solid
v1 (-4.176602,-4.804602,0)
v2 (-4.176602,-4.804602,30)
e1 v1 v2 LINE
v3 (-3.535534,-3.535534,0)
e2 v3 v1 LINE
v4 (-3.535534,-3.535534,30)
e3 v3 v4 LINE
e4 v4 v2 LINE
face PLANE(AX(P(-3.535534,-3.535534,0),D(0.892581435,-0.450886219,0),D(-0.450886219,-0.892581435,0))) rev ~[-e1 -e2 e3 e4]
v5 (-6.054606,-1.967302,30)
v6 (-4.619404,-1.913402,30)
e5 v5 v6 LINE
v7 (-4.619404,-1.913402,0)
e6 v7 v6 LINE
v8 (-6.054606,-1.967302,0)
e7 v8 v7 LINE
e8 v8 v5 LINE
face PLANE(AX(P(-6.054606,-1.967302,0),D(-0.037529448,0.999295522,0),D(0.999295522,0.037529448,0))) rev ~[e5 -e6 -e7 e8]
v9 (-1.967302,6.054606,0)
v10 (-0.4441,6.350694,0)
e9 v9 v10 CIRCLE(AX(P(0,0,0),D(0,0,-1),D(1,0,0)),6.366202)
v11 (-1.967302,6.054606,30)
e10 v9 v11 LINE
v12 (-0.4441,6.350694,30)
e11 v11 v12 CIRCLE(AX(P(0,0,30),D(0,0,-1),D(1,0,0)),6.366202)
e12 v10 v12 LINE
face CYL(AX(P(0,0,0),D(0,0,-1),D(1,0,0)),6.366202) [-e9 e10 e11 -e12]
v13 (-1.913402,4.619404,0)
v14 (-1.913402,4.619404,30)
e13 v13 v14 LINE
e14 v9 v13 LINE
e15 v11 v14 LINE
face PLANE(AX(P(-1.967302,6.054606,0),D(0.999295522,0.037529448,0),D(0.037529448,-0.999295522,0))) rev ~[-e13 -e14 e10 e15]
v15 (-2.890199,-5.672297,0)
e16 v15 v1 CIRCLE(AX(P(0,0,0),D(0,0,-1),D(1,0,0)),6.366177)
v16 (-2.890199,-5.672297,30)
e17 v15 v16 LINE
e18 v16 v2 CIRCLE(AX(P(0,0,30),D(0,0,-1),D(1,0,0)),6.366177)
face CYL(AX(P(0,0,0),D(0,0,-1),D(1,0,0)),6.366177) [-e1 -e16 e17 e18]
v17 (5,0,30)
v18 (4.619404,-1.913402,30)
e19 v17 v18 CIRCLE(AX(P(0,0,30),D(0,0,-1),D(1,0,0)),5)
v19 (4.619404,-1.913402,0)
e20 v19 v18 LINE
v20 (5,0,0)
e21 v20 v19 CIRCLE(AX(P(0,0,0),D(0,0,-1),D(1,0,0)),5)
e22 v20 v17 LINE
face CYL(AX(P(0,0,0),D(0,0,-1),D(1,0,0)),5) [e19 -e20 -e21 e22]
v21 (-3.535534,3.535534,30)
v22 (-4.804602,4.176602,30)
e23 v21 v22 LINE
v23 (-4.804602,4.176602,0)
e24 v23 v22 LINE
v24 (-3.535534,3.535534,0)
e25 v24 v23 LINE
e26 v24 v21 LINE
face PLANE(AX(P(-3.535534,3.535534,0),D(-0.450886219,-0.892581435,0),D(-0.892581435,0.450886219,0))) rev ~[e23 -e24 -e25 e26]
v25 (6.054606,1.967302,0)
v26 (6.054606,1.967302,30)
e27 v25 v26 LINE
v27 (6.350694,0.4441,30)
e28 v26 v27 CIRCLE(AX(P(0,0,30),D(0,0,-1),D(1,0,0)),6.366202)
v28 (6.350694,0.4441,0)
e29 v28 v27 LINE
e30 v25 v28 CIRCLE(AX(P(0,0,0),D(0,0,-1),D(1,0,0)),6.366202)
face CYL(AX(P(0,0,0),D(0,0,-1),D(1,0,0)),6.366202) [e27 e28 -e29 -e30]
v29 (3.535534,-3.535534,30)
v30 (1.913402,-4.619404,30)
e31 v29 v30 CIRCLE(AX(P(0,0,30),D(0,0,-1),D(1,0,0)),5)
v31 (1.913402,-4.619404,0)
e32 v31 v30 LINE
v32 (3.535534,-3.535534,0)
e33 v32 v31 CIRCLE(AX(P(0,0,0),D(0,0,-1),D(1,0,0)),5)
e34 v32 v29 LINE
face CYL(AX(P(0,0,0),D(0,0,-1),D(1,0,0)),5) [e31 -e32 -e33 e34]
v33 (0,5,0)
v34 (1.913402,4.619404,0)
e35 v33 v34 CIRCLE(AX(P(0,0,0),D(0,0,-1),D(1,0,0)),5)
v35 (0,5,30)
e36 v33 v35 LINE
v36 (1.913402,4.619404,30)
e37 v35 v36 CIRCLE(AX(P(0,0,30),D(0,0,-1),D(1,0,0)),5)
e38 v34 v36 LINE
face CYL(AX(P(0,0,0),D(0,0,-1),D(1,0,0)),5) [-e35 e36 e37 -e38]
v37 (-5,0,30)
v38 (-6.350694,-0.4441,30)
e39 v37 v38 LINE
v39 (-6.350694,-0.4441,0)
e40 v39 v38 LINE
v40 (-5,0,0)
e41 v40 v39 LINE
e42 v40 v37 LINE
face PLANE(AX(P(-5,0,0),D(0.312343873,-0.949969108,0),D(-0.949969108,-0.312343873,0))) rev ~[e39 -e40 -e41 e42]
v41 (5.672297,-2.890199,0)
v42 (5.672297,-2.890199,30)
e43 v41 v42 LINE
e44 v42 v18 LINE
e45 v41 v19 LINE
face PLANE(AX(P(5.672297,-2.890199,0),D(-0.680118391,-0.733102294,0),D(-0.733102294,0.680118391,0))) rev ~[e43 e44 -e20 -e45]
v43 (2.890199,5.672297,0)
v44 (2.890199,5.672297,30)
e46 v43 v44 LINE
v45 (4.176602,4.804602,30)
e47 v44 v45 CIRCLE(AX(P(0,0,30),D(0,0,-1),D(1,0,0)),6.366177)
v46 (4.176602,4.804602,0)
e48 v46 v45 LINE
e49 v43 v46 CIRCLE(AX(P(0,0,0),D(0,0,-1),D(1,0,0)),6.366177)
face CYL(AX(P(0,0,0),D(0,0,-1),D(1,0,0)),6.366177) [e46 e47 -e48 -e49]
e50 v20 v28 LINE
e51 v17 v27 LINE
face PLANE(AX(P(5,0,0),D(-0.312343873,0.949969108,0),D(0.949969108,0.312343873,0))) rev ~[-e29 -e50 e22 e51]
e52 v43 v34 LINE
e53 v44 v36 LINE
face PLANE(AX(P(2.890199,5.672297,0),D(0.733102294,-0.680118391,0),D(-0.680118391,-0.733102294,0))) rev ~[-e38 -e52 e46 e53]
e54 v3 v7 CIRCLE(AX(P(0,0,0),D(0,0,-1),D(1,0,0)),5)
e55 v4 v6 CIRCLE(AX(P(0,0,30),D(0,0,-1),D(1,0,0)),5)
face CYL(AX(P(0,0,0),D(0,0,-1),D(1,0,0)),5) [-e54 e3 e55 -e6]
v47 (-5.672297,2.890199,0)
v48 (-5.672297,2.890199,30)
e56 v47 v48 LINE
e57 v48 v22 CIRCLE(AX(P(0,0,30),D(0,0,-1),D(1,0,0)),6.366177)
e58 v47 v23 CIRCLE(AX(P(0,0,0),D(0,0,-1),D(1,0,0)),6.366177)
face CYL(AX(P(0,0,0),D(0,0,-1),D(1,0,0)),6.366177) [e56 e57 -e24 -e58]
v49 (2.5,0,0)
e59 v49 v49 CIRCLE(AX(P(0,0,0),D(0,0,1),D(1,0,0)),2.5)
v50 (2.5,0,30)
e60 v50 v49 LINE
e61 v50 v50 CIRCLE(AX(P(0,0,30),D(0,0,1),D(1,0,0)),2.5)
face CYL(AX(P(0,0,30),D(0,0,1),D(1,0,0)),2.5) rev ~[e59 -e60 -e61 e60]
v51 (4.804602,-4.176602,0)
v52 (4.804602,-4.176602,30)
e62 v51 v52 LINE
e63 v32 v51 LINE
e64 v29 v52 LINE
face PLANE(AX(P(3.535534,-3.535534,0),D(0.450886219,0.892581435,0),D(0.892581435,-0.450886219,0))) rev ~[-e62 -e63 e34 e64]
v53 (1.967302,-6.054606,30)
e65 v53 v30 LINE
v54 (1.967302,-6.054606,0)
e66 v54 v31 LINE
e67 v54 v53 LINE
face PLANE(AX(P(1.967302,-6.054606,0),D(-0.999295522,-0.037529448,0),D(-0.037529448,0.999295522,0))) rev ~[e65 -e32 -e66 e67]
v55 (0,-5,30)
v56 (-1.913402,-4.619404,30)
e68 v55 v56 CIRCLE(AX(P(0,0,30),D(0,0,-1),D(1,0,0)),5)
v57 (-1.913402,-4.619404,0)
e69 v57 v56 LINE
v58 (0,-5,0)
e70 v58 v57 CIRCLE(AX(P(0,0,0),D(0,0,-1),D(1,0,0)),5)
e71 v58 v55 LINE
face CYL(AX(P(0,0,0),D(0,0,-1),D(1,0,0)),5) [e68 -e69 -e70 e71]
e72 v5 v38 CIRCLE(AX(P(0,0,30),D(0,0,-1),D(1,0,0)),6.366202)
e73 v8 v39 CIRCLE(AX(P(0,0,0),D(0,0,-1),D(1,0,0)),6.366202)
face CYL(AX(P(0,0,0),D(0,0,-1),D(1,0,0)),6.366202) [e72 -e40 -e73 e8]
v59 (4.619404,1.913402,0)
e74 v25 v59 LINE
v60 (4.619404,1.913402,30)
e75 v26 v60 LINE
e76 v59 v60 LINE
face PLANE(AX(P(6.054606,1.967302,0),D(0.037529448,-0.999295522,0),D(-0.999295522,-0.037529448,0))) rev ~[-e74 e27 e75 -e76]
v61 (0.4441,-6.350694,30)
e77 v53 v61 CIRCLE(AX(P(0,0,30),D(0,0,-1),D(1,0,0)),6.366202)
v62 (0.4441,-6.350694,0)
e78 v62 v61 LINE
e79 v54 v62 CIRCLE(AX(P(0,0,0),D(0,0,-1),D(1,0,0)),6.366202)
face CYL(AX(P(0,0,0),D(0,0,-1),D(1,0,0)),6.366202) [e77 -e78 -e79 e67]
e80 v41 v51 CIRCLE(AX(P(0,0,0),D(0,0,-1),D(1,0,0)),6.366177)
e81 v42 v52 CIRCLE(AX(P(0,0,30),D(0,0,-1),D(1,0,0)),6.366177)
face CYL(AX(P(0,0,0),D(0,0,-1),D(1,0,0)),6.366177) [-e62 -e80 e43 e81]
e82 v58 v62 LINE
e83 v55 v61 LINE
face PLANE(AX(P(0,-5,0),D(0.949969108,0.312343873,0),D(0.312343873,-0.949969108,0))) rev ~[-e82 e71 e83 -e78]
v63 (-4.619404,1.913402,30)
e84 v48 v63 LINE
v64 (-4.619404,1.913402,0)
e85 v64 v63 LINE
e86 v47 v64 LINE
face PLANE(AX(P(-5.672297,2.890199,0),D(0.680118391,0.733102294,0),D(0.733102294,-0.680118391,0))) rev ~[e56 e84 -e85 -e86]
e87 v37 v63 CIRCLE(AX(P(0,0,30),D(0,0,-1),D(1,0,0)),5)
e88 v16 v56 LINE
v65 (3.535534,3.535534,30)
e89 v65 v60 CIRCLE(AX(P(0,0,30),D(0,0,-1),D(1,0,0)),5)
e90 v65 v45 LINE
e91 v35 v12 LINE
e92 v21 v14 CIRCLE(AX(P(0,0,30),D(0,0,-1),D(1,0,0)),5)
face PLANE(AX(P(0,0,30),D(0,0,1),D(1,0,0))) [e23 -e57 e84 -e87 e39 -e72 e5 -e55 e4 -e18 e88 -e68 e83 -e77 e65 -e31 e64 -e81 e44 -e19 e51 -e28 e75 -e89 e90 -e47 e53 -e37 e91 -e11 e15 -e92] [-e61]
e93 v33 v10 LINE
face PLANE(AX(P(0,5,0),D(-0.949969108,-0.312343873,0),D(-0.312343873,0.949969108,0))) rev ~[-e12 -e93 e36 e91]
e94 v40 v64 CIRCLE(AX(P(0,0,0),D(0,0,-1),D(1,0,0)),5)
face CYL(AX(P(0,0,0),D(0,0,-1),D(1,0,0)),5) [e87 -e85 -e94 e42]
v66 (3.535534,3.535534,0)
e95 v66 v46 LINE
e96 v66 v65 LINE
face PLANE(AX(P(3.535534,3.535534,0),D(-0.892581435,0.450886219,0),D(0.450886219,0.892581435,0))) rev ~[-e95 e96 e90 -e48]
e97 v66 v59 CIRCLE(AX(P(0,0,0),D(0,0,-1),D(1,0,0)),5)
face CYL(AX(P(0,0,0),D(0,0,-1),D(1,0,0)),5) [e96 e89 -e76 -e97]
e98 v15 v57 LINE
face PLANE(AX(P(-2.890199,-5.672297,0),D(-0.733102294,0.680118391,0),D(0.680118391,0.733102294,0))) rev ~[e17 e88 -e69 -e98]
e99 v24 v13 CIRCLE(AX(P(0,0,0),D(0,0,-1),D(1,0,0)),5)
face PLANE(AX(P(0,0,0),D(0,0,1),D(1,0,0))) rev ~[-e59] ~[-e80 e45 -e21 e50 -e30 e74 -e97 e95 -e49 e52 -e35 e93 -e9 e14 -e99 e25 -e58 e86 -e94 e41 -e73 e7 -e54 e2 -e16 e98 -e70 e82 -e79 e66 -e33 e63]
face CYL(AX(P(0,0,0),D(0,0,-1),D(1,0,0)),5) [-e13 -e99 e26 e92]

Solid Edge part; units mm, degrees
sketch "Sketch1" plane through (0, 0, 0) normal (0, 0, 1) x (1, 0, 0)
  line L0 (5, 0) -> (6.3507, 0.4441)
  arc A0 (6.0546, 1.9673) -> (6.3507, 0.4441) centre (0, 0) cw
  line L1 (6.0546, 1.9673) -> (4.6194, 1.9134)
  arc A1 (3.5355, 3.5355) -> (4.6194, 1.9134) centre (0, 0) cw
  line L2 (3.5355, 3.5355) -> (4.1766, 4.8046)
  arc A2 (2.8902, 5.6723) -> (4.1766, 4.8046) centre (0, 0) cw
  line L3 (2.8902, 5.6723) -> (1.9134, 4.6194)
  arc A3 (0, 5) -> (1.9134, 4.6194) centre (0, 0) cw
  line L4 (0, 5) -> (-0.4441, 6.3507)
  arc A4 (-1.9673, 6.0546) -> (-0.4441, 6.3507) centre (0, 0) cw
  line L5 (-1.9673, 6.0546) -> (-1.9134, 4.6194)
  arc A5 (-3.5355, 3.5355) -> (-1.9134, 4.6194) centre (0, 0) cw
  line L6 (-3.5355, 3.5355) -> (-4.8046, 4.1766)
  arc A6 (-5.6723, 2.8902) -> (-4.8046, 4.1766) centre (0, 0) cw
  line L7 (-5.6723, 2.8902) -> (-4.6194, 1.9134)
  arc A7 (-5, 0) -> (-4.6194, 1.9134) centre (0, 0) cw
  line L8 (-5, 0) -> (-6.3507, -0.4441)
  arc A8 (-6.0546, -1.9673) -> (-6.3507, -0.4441) centre (0, 0) cw
  line L9 (-6.0546, -1.9673) -> (-4.6194, -1.9134)
  arc A9 (-3.5355, -3.5355) -> (-4.6194, -1.9134) centre (0, 0) cw
  line L10 (-3.5355, -3.5355) -> (-4.1766, -4.8046)
  arc A10 (-2.8902, -5.6723) -> (-4.1766, -4.8046) centre (0, 0) cw
  line L11 (-2.8902, -5.6723) -> (-1.9134, -4.6194)
  arc A11 (0, -5) -> (-1.9134, -4.6194) centre (0, 0) cw
  line L12 (0, -5) -> (0.4441, -6.3507)
  arc A12 (1.9673, -6.0546) -> (0.4441, -6.3507) centre (0, 0) cw
  line L13 (1.9673, -6.0546) -> (1.9134, -4.6194)
  arc A13 (3.5355, -3.5355) -> (1.9134, -4.6194) centre (0, 0) cw
  line L14 (3.5355, -3.5355) -> (4.8046, -4.1766)
  arc A14 (5.6723, -2.8902) -> (4.8046, -4.1766) centre (0, 0) cw
  line L15 (5.6723, -2.8902) -> (4.6194, -1.9134)
  arc A15 (5, 0) -> (4.6194, -1.9134) centre (0, 0) cw
extrude "Protrusion1" add sketch "Sketch1" along normal blind 30
sketch "Sketch2" plane through (0, 0, 30) normal (0, 0, 1) x (1, 0, 0)
  circle A0 centre (0, 0) radius 2.5
extrude "Cutout1" cut sketch "Sketch2" against normal through all
